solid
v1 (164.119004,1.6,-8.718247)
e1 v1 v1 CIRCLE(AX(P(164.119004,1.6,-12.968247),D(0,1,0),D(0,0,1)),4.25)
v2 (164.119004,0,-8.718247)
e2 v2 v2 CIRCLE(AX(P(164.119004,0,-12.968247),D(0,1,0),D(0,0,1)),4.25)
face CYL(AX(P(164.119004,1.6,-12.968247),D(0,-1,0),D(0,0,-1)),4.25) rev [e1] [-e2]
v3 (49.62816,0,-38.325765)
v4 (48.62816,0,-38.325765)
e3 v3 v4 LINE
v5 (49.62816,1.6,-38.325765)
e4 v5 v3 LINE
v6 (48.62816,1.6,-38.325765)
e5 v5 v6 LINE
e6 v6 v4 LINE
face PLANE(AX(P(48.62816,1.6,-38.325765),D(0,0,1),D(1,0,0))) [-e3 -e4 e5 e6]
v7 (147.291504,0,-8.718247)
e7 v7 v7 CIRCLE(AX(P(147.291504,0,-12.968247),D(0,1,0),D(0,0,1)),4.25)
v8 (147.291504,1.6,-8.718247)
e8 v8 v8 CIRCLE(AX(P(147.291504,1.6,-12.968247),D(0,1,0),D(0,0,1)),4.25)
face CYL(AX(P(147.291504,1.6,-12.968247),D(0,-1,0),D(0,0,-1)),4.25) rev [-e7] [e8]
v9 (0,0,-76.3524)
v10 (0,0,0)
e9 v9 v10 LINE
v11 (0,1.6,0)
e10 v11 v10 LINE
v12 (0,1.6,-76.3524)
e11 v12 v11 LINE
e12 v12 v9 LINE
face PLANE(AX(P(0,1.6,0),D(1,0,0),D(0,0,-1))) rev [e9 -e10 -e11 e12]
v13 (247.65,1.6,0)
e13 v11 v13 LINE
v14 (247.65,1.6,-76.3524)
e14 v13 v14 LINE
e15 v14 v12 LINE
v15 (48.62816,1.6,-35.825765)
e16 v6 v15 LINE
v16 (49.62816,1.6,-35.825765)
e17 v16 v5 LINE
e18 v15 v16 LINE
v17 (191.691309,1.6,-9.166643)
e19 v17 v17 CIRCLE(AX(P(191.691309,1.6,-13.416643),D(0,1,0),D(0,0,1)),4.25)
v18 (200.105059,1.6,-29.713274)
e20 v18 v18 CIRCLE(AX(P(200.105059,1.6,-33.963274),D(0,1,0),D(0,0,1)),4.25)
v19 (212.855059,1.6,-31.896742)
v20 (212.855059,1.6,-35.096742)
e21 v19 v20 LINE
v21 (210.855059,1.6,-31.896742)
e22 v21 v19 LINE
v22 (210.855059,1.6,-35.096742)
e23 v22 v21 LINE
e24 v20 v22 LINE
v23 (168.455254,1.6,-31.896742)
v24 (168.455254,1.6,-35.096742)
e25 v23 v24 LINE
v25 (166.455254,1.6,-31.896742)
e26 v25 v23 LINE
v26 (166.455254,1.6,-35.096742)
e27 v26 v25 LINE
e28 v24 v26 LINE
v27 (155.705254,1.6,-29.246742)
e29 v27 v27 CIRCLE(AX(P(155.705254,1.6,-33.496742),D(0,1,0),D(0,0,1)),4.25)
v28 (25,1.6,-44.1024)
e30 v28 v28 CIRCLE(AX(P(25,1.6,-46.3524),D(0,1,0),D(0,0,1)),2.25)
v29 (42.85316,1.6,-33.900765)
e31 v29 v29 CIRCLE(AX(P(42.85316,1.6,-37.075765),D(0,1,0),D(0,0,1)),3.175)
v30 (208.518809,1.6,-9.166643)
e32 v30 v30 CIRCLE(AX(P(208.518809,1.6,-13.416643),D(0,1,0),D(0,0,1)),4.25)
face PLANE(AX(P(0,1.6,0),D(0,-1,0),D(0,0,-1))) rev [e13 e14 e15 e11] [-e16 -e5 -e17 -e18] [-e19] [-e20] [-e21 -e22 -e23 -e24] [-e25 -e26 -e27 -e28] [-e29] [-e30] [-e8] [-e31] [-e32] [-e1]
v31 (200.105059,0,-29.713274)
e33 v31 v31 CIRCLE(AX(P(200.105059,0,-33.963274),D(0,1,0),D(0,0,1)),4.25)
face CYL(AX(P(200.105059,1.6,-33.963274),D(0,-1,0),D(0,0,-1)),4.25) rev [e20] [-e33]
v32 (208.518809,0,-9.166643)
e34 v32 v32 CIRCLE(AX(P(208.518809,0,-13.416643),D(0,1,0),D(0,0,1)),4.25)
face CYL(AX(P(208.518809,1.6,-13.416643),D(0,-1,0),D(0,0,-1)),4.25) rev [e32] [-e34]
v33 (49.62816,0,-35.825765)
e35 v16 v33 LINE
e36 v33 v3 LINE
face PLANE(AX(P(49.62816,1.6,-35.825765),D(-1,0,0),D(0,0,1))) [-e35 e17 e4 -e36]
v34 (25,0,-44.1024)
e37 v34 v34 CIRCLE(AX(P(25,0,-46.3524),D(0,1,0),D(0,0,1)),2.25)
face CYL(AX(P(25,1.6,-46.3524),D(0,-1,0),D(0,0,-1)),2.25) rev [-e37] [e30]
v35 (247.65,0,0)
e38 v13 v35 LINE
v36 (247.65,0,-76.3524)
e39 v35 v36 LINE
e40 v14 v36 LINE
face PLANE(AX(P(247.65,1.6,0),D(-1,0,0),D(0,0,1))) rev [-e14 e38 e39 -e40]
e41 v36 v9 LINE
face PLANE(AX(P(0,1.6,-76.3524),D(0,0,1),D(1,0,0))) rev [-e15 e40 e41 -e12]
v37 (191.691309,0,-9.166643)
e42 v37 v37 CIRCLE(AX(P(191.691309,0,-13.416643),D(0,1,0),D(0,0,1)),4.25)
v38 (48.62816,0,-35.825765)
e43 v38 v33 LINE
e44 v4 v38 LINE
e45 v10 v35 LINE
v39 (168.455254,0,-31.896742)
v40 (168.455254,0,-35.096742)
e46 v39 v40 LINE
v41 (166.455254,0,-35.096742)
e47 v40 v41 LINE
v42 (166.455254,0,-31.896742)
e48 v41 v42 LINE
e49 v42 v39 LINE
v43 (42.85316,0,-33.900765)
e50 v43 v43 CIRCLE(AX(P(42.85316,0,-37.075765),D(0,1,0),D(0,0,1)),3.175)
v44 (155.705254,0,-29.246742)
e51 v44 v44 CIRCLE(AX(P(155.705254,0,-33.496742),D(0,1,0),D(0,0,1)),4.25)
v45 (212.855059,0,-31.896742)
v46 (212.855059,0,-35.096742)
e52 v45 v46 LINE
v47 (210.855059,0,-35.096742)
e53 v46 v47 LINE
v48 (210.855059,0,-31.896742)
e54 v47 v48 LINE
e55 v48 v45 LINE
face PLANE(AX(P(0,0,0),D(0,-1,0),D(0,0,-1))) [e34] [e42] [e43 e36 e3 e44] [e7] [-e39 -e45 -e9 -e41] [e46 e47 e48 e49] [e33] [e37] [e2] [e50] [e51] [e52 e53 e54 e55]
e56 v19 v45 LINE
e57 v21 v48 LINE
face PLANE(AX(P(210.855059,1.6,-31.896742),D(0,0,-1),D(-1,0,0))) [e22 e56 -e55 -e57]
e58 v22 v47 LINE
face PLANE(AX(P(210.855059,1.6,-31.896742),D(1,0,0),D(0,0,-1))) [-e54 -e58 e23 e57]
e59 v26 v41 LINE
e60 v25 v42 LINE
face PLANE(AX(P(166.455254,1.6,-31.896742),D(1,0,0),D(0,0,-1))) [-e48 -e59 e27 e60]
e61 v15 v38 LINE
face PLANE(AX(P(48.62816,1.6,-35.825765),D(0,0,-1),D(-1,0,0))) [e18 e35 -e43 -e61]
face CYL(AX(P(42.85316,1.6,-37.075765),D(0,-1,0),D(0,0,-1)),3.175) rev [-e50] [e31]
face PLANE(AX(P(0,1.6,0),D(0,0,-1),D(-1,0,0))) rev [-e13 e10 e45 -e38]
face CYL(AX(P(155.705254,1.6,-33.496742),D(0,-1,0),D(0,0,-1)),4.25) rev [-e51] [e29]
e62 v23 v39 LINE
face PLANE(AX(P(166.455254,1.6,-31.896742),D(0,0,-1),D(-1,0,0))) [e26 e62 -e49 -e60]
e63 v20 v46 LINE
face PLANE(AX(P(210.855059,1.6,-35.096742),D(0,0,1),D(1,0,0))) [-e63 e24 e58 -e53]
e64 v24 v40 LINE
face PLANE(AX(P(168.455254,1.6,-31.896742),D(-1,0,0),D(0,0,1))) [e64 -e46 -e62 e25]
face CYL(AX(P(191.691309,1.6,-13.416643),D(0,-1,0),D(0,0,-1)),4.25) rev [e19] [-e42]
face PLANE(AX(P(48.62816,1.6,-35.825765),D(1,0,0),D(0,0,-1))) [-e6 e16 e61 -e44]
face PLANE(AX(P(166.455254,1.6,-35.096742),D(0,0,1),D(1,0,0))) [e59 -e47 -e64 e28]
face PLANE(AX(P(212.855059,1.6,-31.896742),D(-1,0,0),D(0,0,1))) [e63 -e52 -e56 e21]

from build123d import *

# Parameters (mm, degrees)
SKETCH1_W           = 247.65
SKETCH1_H           = 76.3524
SKETCH1_R           = 4.25
SKETCH1_R_2         = 2.25
SKETCH1_R_3         = 3.175
SKETCH1_W_2         = 2
SKETCH1_H_2         = 3.2
SKETCH1_W_3         = 1
SKETCH1_H_3         = 2.5
BOSS_EXTRUDE1_DEPTH = 1.6


with BuildPart() as part:
    # Sketch1 → Boss-Extrude1 (new body)
    with BuildSketch(Plane(origin=(0, 0, 0), x_dir=(1, 0, 0), z_dir=(0, 1, 0))):
        with Locations((123.825, 38.1762)):
            Rectangle(SKETCH1_W, SKETCH1_H)
        with Locations(Location((208.518808658, 13.416643134, 0), (0, 0, 270))):  # turned: the seam where the file's is
            Circle(SKETCH1_R, mode=Mode.SUBTRACT)
        with Locations(Location((191.691308658, 13.416643134, 0), (0, 0, 270))):  # turned: the seam where the file's is
            Circle(SKETCH1_R, mode=Mode.SUBTRACT)
        with Locations(Location((164.119003876, 12.968247461, 0), (0, 0, 270))):  # turned: the seam where the file's is
            Circle(SKETCH1_R, mode=Mode.SUBTRACT)
        with Locations(Location((147.291503876, 12.968247461, 0), (0, 0, 270))):  # turned: the seam where the file's is
            Circle(SKETCH1_R, mode=Mode.SUBTRACT)
        with Locations(Location((200.105058658, 33.963274369, 0), (0, 0, 270))):  # turned: the seam where the file's is
            Circle(SKETCH1_R, mode=Mode.SUBTRACT)
        with Locations(Location((155.705253876, 33.49674194, 0), (0, 0, 270))):  # turned: the seam where the file's is
            Circle(SKETCH1_R, mode=Mode.SUBTRACT)
        with Locations(Location((25, 46.3524, 0), (0, 0, 270))):  # turned: the seam where the file's is
            Circle(SKETCH1_R_2, mode=Mode.SUBTRACT)
        with Locations(Location((42.853159836, 37.07576509, 0), (0, 0, 270))):  # turned: the seam where the file's is
            Circle(SKETCH1_R_3, mode=Mode.SUBTRACT)
        with Locations((211.855058658, 33.49674194)):
            Rectangle(SKETCH1_W_2, SKETCH1_H_2, mode=Mode.SUBTRACT)
        with Locations((167.455253876, 33.49674194)):
            Rectangle(SKETCH1_W_2, SKETCH1_H_2, mode=Mode.SUBTRACT)
        with Locations((49.128159836, 37.07576509)):
            Rectangle(SKETCH1_W_3, SKETCH1_H_3, mode=Mode.SUBTRACT)
    extrude(amount=BOSS_EXTRUDE1_DEPTH)


solid = part.part
